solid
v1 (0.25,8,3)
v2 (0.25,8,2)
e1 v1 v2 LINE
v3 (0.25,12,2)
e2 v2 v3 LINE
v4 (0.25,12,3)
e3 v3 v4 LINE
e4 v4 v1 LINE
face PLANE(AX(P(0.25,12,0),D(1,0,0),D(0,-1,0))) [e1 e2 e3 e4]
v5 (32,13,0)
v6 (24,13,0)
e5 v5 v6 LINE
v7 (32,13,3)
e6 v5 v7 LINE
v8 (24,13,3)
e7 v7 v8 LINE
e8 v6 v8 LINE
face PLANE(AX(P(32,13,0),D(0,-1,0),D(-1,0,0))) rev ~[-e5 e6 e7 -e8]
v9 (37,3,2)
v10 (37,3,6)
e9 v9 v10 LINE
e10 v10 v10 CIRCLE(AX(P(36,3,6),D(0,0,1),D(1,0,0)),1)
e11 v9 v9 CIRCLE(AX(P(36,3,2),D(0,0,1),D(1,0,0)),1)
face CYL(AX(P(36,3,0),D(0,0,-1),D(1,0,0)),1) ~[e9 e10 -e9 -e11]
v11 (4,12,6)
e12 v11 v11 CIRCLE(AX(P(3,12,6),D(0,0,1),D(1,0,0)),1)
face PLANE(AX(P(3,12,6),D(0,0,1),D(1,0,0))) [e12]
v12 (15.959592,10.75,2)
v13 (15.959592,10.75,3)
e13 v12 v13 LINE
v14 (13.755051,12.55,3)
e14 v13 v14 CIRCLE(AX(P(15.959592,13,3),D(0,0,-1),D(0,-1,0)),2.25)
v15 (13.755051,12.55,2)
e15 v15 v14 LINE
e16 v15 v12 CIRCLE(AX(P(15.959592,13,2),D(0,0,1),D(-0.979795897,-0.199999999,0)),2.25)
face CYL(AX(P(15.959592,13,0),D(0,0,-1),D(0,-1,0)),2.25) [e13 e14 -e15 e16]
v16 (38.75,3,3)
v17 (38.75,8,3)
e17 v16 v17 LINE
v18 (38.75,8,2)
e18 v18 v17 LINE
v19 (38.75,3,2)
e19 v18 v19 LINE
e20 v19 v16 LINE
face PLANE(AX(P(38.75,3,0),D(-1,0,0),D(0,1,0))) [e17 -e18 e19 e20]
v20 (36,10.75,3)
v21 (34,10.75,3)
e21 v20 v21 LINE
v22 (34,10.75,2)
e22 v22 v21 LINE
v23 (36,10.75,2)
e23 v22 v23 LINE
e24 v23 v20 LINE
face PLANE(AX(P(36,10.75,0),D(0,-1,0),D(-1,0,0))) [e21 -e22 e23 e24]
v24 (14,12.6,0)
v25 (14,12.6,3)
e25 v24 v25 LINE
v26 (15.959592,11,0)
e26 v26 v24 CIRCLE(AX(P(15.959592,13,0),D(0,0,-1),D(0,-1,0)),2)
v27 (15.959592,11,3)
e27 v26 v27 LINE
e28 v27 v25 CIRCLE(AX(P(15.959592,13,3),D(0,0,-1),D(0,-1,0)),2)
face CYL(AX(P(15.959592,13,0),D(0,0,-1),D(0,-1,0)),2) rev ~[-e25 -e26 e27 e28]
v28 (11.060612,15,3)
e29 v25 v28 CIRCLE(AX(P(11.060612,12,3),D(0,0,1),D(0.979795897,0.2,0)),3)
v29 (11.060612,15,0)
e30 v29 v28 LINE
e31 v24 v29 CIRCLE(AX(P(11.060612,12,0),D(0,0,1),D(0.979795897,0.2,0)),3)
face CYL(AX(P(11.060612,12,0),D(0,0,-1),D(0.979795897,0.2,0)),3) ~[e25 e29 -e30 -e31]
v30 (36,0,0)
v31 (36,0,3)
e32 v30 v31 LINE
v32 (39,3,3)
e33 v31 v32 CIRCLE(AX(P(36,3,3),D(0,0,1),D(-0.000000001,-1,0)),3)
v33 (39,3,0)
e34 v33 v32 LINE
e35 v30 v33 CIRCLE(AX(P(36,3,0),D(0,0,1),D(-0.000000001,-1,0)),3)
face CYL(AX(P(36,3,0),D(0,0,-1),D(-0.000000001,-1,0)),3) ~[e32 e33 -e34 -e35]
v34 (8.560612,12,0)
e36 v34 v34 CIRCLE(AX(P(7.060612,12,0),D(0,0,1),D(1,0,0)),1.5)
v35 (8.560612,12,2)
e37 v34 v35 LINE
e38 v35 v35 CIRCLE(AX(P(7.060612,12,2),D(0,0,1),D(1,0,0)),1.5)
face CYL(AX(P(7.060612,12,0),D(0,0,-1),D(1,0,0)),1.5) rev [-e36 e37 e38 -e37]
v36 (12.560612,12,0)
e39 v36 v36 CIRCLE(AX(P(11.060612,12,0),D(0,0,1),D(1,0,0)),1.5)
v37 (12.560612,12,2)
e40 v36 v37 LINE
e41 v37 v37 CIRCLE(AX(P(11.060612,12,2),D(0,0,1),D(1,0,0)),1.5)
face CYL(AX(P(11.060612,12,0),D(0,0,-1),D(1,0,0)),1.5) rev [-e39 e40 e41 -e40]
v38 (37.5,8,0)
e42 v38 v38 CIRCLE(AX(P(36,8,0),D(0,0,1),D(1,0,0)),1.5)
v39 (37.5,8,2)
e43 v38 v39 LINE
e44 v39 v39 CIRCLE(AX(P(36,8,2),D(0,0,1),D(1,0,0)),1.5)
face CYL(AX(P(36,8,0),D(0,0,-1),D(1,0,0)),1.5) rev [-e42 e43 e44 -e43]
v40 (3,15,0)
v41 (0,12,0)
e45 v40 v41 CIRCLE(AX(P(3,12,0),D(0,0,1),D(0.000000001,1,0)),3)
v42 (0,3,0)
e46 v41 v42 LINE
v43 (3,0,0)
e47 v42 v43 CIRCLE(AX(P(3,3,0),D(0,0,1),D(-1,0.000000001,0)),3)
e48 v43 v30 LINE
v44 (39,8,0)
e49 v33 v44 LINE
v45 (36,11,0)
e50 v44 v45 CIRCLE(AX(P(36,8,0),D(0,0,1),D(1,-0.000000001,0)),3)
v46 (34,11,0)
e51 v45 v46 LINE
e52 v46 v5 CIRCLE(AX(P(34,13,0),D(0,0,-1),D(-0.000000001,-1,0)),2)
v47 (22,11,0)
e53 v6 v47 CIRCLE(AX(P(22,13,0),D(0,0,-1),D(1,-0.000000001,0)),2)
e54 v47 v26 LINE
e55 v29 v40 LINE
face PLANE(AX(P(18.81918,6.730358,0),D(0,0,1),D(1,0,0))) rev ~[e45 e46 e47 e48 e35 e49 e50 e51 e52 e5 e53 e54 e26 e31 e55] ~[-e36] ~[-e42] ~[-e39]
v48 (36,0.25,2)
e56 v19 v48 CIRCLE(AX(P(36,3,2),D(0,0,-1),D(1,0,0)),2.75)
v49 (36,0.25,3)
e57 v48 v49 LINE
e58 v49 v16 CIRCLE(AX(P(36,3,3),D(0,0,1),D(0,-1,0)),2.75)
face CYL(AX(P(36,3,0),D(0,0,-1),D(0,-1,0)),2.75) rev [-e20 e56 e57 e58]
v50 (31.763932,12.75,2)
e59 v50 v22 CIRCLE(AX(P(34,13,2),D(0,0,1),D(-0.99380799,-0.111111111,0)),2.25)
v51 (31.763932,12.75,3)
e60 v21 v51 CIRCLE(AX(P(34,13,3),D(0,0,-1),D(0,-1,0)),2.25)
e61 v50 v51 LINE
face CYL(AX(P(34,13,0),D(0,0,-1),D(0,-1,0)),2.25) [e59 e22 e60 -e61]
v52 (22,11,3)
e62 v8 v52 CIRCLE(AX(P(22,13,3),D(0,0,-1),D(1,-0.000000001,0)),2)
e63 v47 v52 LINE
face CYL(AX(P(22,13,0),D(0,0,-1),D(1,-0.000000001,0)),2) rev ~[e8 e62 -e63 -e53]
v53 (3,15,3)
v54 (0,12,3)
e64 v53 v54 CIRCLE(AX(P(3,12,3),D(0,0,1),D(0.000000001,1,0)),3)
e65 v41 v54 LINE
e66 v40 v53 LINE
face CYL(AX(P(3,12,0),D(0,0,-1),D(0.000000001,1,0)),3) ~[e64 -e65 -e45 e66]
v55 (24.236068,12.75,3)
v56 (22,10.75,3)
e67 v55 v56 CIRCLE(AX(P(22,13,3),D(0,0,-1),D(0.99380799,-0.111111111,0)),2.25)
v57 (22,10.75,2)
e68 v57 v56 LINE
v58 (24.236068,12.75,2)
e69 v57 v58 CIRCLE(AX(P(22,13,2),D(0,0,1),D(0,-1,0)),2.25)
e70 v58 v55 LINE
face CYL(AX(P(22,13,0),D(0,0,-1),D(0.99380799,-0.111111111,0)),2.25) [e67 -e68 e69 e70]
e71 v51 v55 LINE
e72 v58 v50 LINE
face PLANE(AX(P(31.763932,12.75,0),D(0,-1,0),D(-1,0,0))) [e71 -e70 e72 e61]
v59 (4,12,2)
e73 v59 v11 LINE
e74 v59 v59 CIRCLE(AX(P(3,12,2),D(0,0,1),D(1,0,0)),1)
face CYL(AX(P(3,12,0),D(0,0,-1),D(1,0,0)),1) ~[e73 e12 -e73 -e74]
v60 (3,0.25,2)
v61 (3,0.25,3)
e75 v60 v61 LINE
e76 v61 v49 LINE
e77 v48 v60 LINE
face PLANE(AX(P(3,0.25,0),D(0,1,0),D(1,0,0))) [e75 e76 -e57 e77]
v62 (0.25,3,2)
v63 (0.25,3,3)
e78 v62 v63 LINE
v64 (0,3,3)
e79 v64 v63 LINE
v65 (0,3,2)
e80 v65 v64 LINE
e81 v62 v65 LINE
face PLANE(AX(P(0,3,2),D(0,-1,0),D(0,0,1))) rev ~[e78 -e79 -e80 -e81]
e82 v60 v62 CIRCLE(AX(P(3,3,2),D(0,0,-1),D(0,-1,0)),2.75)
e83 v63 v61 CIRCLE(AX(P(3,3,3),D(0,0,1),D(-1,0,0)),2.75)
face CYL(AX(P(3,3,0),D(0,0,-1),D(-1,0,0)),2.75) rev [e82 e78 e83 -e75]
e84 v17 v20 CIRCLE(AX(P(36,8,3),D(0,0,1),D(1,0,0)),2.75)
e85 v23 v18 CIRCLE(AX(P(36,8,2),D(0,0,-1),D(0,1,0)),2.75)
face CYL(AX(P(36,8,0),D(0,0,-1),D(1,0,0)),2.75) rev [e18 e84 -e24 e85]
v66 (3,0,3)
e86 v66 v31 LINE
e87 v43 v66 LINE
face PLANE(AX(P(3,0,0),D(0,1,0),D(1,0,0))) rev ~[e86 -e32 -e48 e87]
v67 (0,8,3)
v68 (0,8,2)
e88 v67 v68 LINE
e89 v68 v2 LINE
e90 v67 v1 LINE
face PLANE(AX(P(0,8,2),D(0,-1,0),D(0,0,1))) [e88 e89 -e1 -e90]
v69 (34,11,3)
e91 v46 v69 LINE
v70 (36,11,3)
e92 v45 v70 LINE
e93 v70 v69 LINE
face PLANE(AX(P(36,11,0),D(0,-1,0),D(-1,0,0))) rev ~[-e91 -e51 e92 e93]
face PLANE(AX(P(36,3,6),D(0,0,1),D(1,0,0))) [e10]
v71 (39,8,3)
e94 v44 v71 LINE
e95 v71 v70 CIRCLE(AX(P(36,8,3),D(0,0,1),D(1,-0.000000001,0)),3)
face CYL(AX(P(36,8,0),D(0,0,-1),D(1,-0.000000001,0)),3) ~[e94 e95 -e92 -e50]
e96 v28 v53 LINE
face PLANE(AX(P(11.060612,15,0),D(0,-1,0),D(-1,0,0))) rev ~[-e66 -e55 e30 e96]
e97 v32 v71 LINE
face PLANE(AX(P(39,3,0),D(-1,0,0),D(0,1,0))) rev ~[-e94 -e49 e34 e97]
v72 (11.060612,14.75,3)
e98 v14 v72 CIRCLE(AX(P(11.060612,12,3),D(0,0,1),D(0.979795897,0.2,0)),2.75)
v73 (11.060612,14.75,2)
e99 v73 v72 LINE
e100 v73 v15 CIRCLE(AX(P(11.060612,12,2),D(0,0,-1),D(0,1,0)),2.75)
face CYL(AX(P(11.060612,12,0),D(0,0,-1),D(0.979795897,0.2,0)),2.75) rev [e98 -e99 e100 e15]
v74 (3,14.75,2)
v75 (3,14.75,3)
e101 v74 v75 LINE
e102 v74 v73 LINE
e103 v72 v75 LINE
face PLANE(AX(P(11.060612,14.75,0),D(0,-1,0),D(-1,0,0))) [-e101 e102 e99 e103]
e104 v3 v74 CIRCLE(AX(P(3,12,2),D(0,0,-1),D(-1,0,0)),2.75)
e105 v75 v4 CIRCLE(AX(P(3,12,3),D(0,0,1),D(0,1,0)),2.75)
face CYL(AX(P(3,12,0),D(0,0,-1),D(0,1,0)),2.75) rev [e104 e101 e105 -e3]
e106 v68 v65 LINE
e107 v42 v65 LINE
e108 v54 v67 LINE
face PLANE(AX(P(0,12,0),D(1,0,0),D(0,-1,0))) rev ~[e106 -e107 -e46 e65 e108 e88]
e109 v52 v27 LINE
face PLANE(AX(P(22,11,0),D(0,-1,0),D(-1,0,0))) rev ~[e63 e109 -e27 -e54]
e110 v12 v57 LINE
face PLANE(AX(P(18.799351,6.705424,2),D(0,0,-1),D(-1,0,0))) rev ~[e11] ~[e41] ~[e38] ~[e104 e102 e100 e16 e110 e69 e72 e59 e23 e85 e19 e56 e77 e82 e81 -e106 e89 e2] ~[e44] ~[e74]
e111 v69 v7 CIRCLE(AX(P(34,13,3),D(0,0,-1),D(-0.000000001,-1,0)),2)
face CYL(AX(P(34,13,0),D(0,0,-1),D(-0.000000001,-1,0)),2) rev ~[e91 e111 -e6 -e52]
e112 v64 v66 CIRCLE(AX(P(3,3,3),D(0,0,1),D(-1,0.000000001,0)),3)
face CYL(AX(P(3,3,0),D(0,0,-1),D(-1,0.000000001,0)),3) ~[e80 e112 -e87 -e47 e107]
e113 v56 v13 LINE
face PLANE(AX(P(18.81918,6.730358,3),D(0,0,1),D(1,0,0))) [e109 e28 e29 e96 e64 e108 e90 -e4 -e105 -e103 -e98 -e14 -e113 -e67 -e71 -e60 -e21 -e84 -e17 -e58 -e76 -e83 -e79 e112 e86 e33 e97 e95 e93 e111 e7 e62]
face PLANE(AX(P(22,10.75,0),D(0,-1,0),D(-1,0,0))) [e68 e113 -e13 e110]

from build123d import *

# Parameters (mm, degrees)
SKETCH1_R           = 1
SKETCH1_R_2         = 1.5
BOSS_EXTRUDE1_DEPTH = 2
BOSS_EXTRUDE2_DEPTH = 3
SKETCH1_4_R         = 1
BOSS_EXTRUDE3_DEPTH = 6
SKETCH2_W           = 4
SKETCH2_H           = 5
CUT_EXTRUDE1_DEPTH  = 3


with BuildPart() as part:
    # Sketch1 → Boss-Extrude1 (new body)
    with BuildSketch(Plane.XY):
        with BuildLine():
            ThreePointArc((0.25, 3), (1.055456352, 1.055456352), (3, 0.25))
            Line((3, 0.25), (36, 0.25))
            ThreePointArc((36, 0.25), (37.944543648, 1.055456352), (38.75, 3))
            Line((38.75, 3), (38.75, 8))
            ThreePointArc((38.75, 8), (37.944543648, 9.944543648), (36, 10.75))
            Line((36, 10.75), (34, 10.75))
            ThreePointArc((34, 10.75), (32.5, 11.322949017), (31.763932023, 12.75))
            Line((31.763932023, 12.75), (24.236067977, 12.75))
            ThreePointArc((24.236067977, 12.75), (23.5, 11.322949017), (22, 10.75))
            Line((22, 10.75), (15.959591794, 10.75))
            ThreePointArc((15.959591794, 10.75), (14.536566847, 11.257157494), (13.755051026, 12.55))
            ThreePointArc((13.755051026, 12.55), (12.799865022, 14.13014084), (11.060612309, 14.75))
            Line((11.060612309, 14.75), (3, 14.75))
            ThreePointArc((3, 14.75), (1.055456352, 13.944543648), (0.25, 12))
            Line((0.25, 12), (0.25, 3))
        make_face()
        with Locations((36, 3)):
            Circle(SKETCH1_R, mode=Mode.SUBTRACT)
        with Locations((3, 12)):
            Circle(SKETCH1_R, mode=Mode.SUBTRACT)
        with Locations((7.060612309, 12)):
            Circle(SKETCH1_R_2, mode=Mode.SUBTRACT)
        with Locations((11.060612309, 12)):
            Circle(SKETCH1_R_2, mode=Mode.SUBTRACT)
        with Locations((36, 8)):
            Circle(SKETCH1_R_2, mode=Mode.SUBTRACT)
    extrude(amount=BOSS_EXTRUDE1_DEPTH)

    # Sketch1<3> → Boss-Extrude2 (add)
    with BuildSketch(Plane.XY):
        with BuildLine():
            Line((3, 0), (36, 0))
            ThreePointArc((36, 0), (38.121320344, 0.878679656), (39, 3))
            Line((39, 3), (39, 8))
            ThreePointArc((39, 8), (38.121320344, 10.121320344), (36, 11))
            Line((36, 11), (34, 11))
            ThreePointArc((34, 11), (32.585786438, 11.585786438), (32, 13))
            Line((32, 13), (24, 13))
            ThreePointArc((24, 13), (23.414213562, 11.585786438), (22, 11))
            Line((22, 11), (15.959591794, 11))
            ThreePointArc((15.959591794, 11), (14.69468073, 11.450806662), (14, 12.6))
            ThreePointArc((14, 12.6), (12.957978905, 14.323790008), (11.060612309, 15))
            Line((11.060612309, 15), (3, 15))
            ThreePointArc((3, 15), (0.878679656, 14.121320344), (0, 12))
            Line((0, 12), (0, 3))
            ThreePointArc((0, 3), (0.878679656, 0.878679656), (3, 0))
        make_face()
        with BuildLine():
            Line((3, 0.25), (36, 0.25))
            ThreePointArc((36, 0.25), (37.944543648, 1.055456352), (38.75, 3))
            Line((38.75, 3), (38.75, 8))
            ThreePointArc((38.75, 8), (37.944543648, 9.944543648), (36, 10.75))
            Line((36, 10.75), (34, 10.75))
            ThreePointArc((34, 10.75), (32.5, 11.322949017), (31.763932023, 12.75))
            Line((31.763932023, 12.75), (24.236067977, 12.75))
            ThreePointArc((24.236067977, 12.75), (23.5, 11.322949017), (22, 10.75))
            Line((22, 10.75), (15.959591794, 10.75))
            ThreePointArc((15.959591794, 10.75), (14.536566847, 11.257157494), (13.755051026, 12.55))
            ThreePointArc((13.755051026, 12.55), (12.799865022, 14.13014084), (11.060612309, 14.75))
            Line((11.060612309, 14.75), (3, 14.75))
            ThreePointArc((3, 14.75), (1.055456352, 13.944543648), (0.25, 12))
            Line((0.25, 12), (0.25, 3))
            ThreePointArc((0.25, 3), (1.055456352, 1.055456352), (3, 0.25))
        make_face(mode=Mode.SUBTRACT)
    extrude(amount=BOSS_EXTRUDE2_DEPTH)

    # Sketch1<4> → Boss-Extrude3 (add)
    with BuildSketch(Plane.XY):
        with Locations((3, 12)):
            Circle(SKETCH1_4_R)
        with Locations((36, 3)):
            Circle(SKETCH1_4_R)
    extrude(amount=BOSS_EXTRUDE3_DEPTH)

    # Sketch2 → Cut-Extrude1 (cut, symmetric)
    with BuildSketch(Plane.ZY):
        with Locations((4, 5.5)):
            Rectangle(SKETCH2_W, SKETCH2_H)
    extrude(amount=CUT_EXTRUDE1_DEPTH, both=True, mode=Mode.SUBTRACT)


solid = part.part
